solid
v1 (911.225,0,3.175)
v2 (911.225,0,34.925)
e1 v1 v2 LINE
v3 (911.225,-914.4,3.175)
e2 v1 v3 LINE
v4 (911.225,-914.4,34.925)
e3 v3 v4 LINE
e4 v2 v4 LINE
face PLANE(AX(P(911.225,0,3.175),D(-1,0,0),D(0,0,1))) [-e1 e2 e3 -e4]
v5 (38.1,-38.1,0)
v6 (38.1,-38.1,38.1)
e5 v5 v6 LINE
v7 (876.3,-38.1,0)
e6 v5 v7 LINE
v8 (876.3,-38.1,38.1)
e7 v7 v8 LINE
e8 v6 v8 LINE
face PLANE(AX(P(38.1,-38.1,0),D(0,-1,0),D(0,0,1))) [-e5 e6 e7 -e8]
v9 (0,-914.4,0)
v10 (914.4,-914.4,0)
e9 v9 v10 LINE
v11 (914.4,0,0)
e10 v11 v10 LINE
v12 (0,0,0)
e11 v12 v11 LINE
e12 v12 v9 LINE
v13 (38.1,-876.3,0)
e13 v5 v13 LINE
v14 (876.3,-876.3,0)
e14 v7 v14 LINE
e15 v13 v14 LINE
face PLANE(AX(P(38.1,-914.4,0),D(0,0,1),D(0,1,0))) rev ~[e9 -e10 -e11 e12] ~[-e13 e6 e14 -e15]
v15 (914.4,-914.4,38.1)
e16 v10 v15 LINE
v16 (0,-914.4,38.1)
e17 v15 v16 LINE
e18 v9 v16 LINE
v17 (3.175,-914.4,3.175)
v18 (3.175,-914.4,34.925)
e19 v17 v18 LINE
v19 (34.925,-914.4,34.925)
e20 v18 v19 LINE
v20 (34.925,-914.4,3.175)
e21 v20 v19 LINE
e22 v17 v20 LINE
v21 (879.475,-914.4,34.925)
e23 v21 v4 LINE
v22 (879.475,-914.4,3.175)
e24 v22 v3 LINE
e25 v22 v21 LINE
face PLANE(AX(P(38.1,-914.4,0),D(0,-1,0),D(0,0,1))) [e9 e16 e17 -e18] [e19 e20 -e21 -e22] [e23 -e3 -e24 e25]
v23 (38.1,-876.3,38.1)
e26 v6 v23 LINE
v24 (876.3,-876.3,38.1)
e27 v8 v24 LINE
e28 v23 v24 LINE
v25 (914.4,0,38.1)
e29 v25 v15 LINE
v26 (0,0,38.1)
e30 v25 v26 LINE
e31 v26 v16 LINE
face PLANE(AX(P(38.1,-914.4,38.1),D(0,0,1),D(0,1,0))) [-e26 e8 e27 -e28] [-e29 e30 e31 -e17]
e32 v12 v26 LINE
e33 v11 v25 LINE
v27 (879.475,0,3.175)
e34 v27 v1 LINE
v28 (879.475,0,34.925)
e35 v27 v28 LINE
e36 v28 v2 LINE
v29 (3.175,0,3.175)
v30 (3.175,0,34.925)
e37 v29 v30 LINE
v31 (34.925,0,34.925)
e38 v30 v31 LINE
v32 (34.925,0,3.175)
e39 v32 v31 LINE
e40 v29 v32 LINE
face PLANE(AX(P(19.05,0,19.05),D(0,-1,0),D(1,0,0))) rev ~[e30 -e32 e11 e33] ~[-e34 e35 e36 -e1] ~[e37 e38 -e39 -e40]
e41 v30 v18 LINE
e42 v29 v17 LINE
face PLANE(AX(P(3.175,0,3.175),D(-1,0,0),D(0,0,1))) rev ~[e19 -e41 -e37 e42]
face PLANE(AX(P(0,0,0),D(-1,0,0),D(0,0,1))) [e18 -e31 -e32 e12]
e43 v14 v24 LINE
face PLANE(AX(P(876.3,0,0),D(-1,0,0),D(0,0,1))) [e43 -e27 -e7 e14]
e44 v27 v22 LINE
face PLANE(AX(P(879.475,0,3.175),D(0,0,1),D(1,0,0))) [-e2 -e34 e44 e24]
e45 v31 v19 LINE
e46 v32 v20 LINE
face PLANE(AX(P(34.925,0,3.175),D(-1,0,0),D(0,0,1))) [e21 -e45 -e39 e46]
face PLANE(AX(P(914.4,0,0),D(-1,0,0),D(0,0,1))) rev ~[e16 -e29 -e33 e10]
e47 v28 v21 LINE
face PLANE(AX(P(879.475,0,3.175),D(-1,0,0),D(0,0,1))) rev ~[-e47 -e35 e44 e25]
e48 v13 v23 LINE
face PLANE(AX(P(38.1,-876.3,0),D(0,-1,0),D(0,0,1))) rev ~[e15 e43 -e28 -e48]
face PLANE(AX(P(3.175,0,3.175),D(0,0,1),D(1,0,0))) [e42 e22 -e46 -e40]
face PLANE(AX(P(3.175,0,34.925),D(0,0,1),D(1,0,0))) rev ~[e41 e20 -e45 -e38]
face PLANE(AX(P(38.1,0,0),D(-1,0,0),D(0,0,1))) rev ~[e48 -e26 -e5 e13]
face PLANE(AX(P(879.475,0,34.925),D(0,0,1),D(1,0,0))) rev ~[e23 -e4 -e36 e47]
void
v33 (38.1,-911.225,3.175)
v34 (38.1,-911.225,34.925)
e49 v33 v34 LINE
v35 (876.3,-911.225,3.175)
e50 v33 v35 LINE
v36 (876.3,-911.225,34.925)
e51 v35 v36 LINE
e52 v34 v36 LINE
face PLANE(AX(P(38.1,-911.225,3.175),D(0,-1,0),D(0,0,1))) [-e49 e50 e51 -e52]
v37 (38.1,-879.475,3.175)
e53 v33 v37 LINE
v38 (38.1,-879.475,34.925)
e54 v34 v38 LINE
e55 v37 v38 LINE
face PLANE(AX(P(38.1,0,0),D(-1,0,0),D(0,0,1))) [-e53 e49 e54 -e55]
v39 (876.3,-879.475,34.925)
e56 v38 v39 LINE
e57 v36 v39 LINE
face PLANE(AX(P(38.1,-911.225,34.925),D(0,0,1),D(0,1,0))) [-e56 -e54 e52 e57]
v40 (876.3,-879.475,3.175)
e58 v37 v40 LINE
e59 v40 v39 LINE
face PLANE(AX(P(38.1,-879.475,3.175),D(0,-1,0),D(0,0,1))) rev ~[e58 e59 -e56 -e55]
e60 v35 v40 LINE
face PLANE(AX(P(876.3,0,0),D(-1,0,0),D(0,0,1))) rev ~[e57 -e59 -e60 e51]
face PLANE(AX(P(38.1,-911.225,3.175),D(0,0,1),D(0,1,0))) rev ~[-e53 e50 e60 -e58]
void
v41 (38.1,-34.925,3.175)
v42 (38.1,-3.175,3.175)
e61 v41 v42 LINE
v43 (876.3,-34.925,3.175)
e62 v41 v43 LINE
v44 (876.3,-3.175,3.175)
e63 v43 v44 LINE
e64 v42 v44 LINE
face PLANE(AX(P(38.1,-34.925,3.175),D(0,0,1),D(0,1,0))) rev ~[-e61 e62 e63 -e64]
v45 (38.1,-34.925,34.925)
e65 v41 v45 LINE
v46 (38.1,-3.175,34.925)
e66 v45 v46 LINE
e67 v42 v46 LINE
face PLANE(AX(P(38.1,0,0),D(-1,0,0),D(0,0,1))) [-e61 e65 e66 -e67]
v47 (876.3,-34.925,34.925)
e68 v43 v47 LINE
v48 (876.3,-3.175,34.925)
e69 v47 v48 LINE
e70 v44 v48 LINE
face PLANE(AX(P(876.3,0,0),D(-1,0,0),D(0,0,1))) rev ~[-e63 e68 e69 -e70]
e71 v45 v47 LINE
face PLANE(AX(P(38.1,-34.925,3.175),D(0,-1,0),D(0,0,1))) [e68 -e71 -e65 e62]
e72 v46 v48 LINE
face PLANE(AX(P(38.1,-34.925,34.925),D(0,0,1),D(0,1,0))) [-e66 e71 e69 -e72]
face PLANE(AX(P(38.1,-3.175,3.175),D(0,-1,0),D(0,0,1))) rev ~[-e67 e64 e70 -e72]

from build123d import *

# Parameters (mm, degrees)
F0_W     = 38.1
F0_H     = 38.1
F0_W_2   = 31.75
F0_H_2   = 31.75
F1_DEPTH = 914.4
F2_W     = 38.1
F2_H     = 38.1
F2_W_2   = 31.75
F2_H_2   = 31.75
F3_DEPTH = 838.2


with BuildPart() as f1:
    # F0 (on Front) → F1 (new body)
    with BuildSketch(Plane.XZ):
        with Locations((19.05, 19.05)):
            Rectangle(F0_W, F0_H)
        with Locations((19.05, 19.05)):
            Rectangle(F0_W_2, F0_H_2, mode=Mode.SUBTRACT)
        with Locations((895.35, 19.05)):
            Rectangle(F0_W, F0_H)
        with Locations((895.35, 19.05)):
            Rectangle(F0_W_2, F0_H_2, mode=Mode.SUBTRACT)
    extrude(amount=F1_DEPTH)

    # F2 (on face) → F3 (join)
    with BuildSketch(Plane.YZ.offset(38.1)):
        with Locations((-895.35, 19.05)):
            Rectangle(F2_W, F2_H)
        with Locations((-895.35, 19.05)):
            Rectangle(F2_W_2, F2_H_2, mode=Mode.SUBTRACT)
        with Locations((-19.05, 19.05)):
            Rectangle(F2_W, F2_H)
        with Locations((-19.05, 19.05)):
            Rectangle(F2_W_2, F2_H_2, mode=Mode.SUBTRACT)
    extrude(amount=F3_DEPTH)


solid = f1.part
